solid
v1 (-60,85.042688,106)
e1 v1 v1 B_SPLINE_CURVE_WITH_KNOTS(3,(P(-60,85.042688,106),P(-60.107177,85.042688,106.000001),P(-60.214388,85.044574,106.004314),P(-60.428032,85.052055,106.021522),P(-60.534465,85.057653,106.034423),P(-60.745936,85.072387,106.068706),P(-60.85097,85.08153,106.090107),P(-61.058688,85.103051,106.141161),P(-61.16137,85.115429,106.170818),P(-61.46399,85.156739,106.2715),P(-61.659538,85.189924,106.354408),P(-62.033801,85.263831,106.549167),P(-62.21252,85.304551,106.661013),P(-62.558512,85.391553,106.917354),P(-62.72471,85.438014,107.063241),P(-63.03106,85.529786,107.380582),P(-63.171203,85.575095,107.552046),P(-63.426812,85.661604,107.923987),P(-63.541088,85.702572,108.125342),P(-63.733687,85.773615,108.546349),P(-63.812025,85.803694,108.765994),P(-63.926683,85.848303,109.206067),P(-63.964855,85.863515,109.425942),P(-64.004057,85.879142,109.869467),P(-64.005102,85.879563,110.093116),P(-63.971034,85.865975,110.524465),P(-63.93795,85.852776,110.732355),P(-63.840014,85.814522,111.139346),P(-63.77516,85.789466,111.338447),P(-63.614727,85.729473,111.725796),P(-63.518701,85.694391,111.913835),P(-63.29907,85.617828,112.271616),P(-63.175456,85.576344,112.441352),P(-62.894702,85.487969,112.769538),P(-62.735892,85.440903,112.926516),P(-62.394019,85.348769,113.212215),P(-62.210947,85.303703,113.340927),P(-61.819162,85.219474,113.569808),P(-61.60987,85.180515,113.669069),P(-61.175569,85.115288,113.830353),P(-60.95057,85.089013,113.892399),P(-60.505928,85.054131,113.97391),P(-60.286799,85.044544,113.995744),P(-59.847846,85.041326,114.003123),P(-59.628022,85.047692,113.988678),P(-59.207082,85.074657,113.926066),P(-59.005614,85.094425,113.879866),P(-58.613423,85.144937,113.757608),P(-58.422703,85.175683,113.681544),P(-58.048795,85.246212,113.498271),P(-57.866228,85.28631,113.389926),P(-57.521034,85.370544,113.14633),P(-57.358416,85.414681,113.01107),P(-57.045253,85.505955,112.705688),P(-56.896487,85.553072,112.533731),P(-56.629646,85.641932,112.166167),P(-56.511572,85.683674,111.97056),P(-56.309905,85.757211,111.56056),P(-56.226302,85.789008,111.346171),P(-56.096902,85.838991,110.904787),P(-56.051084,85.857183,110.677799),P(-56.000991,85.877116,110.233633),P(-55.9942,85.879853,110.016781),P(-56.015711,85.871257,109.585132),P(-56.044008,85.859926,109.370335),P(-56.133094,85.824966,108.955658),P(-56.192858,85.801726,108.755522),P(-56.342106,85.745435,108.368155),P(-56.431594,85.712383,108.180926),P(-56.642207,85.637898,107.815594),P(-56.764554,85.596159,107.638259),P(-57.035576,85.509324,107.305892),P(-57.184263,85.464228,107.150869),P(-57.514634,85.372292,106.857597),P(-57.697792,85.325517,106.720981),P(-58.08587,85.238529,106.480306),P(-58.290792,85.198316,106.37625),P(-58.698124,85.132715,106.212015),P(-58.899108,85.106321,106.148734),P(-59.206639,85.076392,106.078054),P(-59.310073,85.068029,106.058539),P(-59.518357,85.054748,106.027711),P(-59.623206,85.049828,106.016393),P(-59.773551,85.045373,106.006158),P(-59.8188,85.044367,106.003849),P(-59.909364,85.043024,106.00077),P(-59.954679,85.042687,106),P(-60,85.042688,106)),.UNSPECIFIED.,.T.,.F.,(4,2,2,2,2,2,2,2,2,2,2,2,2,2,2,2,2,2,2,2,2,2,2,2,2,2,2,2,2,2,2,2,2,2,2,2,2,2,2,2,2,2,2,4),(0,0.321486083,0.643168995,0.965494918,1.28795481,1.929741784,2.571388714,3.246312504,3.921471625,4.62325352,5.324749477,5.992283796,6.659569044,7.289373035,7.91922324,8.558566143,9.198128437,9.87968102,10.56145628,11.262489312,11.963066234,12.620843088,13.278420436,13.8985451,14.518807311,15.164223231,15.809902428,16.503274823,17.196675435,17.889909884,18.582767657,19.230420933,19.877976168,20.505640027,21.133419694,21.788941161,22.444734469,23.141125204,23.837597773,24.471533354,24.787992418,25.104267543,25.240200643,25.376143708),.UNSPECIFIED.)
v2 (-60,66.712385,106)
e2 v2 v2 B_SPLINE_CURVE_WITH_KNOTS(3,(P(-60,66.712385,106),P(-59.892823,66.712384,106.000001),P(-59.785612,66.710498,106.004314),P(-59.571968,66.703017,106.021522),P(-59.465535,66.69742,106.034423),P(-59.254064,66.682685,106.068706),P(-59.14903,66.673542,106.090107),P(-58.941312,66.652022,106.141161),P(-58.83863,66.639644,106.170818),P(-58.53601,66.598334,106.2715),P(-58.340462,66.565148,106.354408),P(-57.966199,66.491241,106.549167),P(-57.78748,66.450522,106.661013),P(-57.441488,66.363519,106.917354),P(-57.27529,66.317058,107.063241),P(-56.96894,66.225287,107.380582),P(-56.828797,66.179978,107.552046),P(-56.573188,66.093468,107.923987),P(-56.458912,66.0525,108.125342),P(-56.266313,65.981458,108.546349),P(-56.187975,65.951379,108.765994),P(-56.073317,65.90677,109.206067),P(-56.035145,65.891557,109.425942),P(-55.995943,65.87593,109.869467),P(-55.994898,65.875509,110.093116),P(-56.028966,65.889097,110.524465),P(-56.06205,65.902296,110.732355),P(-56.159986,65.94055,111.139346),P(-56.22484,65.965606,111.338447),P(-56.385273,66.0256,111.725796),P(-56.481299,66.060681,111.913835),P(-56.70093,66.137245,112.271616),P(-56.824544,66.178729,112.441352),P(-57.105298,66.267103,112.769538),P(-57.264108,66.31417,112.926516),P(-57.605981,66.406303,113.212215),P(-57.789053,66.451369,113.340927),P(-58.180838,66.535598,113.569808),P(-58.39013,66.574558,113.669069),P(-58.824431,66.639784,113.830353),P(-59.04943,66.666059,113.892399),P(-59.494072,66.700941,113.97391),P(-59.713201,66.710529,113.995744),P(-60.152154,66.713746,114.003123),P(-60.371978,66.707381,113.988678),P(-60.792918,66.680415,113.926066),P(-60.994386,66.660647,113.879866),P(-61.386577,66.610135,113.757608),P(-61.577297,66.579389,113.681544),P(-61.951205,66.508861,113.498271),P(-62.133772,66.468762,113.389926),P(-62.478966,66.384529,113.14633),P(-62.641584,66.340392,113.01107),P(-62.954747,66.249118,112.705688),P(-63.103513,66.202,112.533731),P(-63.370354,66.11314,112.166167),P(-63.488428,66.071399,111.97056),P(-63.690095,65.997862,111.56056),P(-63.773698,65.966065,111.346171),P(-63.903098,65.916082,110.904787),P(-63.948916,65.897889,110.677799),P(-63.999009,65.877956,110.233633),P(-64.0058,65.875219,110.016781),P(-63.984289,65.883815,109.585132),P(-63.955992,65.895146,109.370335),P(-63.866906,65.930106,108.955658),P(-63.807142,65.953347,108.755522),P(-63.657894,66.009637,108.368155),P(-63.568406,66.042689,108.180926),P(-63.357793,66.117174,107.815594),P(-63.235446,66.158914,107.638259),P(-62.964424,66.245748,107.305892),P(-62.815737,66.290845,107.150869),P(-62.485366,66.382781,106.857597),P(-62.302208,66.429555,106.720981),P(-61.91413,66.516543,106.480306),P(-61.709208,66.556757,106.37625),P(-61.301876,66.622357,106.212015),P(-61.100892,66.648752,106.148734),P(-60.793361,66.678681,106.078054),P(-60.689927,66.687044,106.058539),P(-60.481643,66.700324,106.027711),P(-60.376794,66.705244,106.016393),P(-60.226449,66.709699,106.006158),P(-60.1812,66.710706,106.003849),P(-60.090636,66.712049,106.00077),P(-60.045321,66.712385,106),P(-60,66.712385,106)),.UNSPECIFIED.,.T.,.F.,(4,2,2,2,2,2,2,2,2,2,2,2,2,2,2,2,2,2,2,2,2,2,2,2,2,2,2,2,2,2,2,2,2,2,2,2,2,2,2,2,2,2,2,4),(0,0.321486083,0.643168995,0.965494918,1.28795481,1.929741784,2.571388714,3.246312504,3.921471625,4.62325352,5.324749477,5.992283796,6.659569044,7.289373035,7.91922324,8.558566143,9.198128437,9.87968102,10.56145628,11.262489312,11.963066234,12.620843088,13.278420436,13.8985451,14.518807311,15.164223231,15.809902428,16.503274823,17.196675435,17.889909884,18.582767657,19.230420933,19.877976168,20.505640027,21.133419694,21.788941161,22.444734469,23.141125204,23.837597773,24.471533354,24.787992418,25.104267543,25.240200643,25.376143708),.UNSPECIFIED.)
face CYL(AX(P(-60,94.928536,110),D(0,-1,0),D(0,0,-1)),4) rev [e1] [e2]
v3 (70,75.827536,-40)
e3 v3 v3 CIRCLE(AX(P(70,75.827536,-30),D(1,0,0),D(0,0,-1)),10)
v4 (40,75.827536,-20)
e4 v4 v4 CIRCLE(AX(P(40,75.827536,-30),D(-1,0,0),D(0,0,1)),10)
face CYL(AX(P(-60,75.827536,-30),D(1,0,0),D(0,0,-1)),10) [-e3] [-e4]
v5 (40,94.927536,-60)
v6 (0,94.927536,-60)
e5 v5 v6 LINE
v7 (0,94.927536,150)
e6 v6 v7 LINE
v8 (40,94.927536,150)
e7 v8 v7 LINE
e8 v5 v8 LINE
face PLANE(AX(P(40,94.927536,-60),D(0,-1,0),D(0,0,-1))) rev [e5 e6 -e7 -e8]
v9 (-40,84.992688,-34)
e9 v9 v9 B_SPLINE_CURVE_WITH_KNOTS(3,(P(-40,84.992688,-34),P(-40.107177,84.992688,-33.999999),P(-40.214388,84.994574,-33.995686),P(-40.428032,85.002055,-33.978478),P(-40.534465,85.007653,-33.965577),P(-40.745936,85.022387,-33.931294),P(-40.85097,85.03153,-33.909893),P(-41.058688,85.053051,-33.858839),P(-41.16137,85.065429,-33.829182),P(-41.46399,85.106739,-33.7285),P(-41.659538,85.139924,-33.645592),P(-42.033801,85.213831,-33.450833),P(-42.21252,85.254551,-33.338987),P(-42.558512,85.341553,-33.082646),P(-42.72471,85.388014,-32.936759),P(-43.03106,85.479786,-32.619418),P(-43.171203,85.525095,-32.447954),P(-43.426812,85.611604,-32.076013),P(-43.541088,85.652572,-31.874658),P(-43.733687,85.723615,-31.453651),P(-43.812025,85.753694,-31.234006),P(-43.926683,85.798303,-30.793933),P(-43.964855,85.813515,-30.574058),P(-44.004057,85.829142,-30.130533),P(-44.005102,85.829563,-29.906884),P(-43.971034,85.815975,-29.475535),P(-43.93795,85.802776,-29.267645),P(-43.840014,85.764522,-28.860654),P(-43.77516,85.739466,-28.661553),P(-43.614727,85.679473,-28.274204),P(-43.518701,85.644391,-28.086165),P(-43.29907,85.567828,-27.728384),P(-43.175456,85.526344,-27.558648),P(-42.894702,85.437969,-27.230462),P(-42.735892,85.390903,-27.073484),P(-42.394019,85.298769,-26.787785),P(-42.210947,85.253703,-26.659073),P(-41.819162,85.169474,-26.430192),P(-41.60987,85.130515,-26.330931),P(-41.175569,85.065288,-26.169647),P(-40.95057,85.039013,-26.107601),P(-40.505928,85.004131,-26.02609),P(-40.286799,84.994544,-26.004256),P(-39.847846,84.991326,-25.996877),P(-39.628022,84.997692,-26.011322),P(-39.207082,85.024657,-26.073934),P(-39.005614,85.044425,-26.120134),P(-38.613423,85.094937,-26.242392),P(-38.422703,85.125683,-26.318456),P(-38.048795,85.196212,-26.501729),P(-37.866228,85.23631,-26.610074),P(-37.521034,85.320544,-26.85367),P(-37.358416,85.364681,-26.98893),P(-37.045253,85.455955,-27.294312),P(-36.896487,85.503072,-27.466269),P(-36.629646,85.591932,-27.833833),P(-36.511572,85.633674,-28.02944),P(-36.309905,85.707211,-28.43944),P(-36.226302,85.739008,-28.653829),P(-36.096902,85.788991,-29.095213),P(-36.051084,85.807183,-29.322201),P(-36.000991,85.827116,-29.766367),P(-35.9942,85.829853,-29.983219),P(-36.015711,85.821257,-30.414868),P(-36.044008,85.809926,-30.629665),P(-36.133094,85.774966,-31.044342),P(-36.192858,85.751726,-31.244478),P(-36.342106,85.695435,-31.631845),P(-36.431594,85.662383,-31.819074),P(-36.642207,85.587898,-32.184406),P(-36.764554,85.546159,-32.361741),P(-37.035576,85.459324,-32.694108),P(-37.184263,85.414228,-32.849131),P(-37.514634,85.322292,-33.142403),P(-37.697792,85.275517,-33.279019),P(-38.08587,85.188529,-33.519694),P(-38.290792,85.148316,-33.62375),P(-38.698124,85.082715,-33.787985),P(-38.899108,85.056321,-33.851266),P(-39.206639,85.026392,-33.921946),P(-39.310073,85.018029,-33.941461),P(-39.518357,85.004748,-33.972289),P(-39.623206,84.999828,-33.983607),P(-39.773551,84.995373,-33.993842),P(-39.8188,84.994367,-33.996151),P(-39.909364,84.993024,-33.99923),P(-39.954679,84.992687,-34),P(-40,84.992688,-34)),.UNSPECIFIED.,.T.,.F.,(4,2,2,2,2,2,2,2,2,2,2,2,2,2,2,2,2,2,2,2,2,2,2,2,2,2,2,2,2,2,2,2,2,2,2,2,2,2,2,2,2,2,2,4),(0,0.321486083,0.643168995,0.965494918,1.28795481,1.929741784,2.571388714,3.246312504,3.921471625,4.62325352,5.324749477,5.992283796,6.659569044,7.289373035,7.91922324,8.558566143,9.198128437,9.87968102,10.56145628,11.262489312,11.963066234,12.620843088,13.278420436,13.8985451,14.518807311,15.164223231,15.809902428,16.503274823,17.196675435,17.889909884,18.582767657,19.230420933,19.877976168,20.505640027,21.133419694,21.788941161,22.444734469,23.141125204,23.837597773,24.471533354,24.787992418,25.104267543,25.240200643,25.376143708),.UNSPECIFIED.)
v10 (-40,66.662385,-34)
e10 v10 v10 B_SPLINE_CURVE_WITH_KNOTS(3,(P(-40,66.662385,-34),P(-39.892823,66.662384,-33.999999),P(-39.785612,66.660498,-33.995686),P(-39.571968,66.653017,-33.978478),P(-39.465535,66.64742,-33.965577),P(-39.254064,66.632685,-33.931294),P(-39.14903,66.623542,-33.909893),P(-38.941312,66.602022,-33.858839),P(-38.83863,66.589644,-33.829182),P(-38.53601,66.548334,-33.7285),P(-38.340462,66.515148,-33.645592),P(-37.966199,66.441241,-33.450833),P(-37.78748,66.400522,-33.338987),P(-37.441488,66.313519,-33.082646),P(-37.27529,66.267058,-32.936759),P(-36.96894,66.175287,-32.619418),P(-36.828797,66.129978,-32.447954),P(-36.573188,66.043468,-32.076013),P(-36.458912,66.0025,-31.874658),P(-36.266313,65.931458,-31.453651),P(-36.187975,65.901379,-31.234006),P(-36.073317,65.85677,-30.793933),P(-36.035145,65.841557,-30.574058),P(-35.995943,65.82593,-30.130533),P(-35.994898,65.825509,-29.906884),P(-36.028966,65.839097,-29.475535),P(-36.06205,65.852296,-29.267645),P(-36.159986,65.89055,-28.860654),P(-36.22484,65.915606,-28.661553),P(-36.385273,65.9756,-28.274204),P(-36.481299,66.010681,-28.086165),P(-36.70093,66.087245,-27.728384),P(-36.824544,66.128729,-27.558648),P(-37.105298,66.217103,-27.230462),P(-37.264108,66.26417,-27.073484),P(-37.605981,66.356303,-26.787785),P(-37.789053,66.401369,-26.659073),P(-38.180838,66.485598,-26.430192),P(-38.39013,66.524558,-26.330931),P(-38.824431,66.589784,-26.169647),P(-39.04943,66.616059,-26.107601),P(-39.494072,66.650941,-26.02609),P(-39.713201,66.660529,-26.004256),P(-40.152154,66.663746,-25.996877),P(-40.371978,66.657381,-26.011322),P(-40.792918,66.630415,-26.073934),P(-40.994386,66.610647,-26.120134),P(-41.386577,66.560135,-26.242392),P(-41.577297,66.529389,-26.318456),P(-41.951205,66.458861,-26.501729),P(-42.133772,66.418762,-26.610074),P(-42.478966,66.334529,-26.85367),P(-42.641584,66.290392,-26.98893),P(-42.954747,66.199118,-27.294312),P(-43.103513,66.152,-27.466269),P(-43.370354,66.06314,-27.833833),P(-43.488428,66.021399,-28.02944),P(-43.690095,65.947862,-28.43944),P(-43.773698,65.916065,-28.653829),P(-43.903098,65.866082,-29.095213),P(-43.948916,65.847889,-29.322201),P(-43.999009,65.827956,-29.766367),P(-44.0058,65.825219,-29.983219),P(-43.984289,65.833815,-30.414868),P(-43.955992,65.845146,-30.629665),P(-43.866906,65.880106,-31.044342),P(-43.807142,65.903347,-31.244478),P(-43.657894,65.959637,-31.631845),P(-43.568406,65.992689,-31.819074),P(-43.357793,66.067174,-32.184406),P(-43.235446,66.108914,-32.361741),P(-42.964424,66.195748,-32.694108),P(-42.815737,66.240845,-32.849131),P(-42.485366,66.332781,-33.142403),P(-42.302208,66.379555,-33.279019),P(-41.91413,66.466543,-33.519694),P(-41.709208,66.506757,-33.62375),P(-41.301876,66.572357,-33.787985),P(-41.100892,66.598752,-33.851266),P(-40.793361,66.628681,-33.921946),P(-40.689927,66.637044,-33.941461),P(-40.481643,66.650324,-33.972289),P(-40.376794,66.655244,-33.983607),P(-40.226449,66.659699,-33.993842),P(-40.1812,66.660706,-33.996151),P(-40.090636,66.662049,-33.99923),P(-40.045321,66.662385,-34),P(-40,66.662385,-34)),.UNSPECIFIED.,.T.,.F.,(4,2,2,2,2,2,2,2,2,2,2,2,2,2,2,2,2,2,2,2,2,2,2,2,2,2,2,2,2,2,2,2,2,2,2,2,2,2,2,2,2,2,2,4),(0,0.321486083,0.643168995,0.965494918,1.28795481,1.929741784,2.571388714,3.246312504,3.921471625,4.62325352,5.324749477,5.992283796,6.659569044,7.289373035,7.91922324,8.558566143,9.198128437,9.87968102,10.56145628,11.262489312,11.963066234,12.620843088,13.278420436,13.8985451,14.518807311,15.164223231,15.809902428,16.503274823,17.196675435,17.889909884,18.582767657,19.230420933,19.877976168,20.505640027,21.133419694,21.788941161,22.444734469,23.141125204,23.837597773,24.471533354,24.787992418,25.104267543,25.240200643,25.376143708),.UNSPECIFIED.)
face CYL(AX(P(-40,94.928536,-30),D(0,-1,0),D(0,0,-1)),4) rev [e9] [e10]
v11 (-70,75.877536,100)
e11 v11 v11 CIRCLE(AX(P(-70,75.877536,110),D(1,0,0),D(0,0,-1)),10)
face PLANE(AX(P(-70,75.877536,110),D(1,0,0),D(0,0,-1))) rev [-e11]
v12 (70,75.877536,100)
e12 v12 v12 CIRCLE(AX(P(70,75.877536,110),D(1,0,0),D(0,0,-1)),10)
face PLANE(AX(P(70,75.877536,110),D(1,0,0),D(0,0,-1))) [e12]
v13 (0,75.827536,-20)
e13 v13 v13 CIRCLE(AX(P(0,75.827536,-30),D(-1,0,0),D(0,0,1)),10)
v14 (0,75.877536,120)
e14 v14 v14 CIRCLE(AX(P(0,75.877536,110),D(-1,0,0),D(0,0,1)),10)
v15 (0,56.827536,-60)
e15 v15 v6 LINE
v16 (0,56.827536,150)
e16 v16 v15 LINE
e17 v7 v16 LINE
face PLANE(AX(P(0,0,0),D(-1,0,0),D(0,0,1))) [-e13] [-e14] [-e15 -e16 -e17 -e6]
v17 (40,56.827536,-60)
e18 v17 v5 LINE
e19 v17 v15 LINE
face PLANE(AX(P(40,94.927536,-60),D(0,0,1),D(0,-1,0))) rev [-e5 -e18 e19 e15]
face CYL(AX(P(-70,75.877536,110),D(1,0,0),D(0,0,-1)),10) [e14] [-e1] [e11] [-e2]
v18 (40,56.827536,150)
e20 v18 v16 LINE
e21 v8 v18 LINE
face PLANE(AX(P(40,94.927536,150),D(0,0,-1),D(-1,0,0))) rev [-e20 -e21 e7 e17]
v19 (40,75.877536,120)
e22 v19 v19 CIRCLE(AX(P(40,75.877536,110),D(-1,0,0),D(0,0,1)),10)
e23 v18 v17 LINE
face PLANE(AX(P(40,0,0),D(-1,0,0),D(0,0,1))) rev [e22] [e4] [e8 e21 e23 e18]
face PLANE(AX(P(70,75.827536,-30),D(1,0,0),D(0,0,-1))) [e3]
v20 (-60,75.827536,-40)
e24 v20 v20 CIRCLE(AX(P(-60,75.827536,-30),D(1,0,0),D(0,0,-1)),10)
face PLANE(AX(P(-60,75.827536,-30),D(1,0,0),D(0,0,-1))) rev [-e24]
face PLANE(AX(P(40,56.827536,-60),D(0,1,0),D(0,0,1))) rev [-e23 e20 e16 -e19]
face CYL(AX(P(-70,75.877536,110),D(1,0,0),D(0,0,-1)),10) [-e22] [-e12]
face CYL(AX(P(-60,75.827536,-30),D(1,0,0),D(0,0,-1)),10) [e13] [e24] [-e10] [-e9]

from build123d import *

# Parameters (mm, degrees)
SKETCH1_W           = 210
SKETCH1_H           = 38.1
BOSS_EXTRUDE1_DEPTH = 40
BOSS_EXTRUDE2_START = 30
SKETCH4_R           = 10
BOSS_EXTRUDE2_DEPTH = 140
CUT_EXTRUDE2_REACH  = 96.928
SKETCH5_R           = 4
BOSS_EXTRUDE3_START = 30
SKETCH2_R           = 10
BOSS_EXTRUDE3_DEPTH = 130
CUT_EXTRUDE3_REACH  = 96.928
SKETCH6_R           = 4


with BuildPart() as part:
    # Sketch1 → Boss-Extrude1 (new body)
    with BuildSketch(Plane(origin=(0, 0, 0), x_dir=(0, 0, -1), z_dir=(1, 0, 0))):
        with Locations((-45, 75.877536232)):
            Rectangle(SKETCH1_W, SKETCH1_H)
    extrude(amount=BOSS_EXTRUDE1_DEPTH)

    # Sketch4 → Boss-Extrude2 (add)
    with BuildSketch(Plane(origin=(40, 0, 0), x_dir=(0, 0, -1), z_dir=(1, 0, 0)).offset(BOSS_EXTRUDE2_START)):
        with Locations((-110, 75.877536232)):
            Circle(SKETCH4_R)
    extrude(amount=-BOSS_EXTRUDE2_DEPTH)

    # Sketch5 → Cut-Extrude2 (cut, up to next)
    with BuildSketch(Plane(origin=(0, 0, 0), x_dir=(1, 0, 0), z_dir=(0, 1, 0)), mode=Mode.PRIVATE) as cut_extrude2_sk1:
        with Locations((-60, -110)):
            Circle(SKETCH5_R)
    cut_extrude2_tool1 = extrude(cut_extrude2_sk1.sketch, amount=CUT_EXTRUDE2_REACH, mode=Mode.PRIVATE) & part.part
    add(cut_extrude2_tool1.solids().sort_by_distance((-60, 0, 110))[0], mode=Mode.SUBTRACT)

    # Sketch2 → Boss-Extrude3 (add)
    with BuildSketch(Plane(origin=(40, 0, 0), x_dir=(0, 0, -1), z_dir=(1, 0, 0)).offset(BOSS_EXTRUDE3_START)):
        with Locations((30, 75.827536232)):
            Circle(SKETCH2_R)
    extrude(amount=-BOSS_EXTRUDE3_DEPTH)

    # Sketch6 → Cut-Extrude3 (cut, up to next)
    with BuildSketch(Plane(origin=(0, 0, 0), x_dir=(1, 0, 0), z_dir=(0, 1, 0)), mode=Mode.PRIVATE) as cut_extrude3_sk1:
        with Locations((-40, 30)):
            Circle(SKETCH6_R)
    cut_extrude3_tool1 = extrude(cut_extrude3_sk1.sketch, amount=CUT_EXTRUDE3_REACH, mode=Mode.PRIVATE) & part.part
    add(cut_extrude3_tool1.solids().sort_by_distance((-40, 0, -30))[0], mode=Mode.SUBTRACT)


solid = part.part
